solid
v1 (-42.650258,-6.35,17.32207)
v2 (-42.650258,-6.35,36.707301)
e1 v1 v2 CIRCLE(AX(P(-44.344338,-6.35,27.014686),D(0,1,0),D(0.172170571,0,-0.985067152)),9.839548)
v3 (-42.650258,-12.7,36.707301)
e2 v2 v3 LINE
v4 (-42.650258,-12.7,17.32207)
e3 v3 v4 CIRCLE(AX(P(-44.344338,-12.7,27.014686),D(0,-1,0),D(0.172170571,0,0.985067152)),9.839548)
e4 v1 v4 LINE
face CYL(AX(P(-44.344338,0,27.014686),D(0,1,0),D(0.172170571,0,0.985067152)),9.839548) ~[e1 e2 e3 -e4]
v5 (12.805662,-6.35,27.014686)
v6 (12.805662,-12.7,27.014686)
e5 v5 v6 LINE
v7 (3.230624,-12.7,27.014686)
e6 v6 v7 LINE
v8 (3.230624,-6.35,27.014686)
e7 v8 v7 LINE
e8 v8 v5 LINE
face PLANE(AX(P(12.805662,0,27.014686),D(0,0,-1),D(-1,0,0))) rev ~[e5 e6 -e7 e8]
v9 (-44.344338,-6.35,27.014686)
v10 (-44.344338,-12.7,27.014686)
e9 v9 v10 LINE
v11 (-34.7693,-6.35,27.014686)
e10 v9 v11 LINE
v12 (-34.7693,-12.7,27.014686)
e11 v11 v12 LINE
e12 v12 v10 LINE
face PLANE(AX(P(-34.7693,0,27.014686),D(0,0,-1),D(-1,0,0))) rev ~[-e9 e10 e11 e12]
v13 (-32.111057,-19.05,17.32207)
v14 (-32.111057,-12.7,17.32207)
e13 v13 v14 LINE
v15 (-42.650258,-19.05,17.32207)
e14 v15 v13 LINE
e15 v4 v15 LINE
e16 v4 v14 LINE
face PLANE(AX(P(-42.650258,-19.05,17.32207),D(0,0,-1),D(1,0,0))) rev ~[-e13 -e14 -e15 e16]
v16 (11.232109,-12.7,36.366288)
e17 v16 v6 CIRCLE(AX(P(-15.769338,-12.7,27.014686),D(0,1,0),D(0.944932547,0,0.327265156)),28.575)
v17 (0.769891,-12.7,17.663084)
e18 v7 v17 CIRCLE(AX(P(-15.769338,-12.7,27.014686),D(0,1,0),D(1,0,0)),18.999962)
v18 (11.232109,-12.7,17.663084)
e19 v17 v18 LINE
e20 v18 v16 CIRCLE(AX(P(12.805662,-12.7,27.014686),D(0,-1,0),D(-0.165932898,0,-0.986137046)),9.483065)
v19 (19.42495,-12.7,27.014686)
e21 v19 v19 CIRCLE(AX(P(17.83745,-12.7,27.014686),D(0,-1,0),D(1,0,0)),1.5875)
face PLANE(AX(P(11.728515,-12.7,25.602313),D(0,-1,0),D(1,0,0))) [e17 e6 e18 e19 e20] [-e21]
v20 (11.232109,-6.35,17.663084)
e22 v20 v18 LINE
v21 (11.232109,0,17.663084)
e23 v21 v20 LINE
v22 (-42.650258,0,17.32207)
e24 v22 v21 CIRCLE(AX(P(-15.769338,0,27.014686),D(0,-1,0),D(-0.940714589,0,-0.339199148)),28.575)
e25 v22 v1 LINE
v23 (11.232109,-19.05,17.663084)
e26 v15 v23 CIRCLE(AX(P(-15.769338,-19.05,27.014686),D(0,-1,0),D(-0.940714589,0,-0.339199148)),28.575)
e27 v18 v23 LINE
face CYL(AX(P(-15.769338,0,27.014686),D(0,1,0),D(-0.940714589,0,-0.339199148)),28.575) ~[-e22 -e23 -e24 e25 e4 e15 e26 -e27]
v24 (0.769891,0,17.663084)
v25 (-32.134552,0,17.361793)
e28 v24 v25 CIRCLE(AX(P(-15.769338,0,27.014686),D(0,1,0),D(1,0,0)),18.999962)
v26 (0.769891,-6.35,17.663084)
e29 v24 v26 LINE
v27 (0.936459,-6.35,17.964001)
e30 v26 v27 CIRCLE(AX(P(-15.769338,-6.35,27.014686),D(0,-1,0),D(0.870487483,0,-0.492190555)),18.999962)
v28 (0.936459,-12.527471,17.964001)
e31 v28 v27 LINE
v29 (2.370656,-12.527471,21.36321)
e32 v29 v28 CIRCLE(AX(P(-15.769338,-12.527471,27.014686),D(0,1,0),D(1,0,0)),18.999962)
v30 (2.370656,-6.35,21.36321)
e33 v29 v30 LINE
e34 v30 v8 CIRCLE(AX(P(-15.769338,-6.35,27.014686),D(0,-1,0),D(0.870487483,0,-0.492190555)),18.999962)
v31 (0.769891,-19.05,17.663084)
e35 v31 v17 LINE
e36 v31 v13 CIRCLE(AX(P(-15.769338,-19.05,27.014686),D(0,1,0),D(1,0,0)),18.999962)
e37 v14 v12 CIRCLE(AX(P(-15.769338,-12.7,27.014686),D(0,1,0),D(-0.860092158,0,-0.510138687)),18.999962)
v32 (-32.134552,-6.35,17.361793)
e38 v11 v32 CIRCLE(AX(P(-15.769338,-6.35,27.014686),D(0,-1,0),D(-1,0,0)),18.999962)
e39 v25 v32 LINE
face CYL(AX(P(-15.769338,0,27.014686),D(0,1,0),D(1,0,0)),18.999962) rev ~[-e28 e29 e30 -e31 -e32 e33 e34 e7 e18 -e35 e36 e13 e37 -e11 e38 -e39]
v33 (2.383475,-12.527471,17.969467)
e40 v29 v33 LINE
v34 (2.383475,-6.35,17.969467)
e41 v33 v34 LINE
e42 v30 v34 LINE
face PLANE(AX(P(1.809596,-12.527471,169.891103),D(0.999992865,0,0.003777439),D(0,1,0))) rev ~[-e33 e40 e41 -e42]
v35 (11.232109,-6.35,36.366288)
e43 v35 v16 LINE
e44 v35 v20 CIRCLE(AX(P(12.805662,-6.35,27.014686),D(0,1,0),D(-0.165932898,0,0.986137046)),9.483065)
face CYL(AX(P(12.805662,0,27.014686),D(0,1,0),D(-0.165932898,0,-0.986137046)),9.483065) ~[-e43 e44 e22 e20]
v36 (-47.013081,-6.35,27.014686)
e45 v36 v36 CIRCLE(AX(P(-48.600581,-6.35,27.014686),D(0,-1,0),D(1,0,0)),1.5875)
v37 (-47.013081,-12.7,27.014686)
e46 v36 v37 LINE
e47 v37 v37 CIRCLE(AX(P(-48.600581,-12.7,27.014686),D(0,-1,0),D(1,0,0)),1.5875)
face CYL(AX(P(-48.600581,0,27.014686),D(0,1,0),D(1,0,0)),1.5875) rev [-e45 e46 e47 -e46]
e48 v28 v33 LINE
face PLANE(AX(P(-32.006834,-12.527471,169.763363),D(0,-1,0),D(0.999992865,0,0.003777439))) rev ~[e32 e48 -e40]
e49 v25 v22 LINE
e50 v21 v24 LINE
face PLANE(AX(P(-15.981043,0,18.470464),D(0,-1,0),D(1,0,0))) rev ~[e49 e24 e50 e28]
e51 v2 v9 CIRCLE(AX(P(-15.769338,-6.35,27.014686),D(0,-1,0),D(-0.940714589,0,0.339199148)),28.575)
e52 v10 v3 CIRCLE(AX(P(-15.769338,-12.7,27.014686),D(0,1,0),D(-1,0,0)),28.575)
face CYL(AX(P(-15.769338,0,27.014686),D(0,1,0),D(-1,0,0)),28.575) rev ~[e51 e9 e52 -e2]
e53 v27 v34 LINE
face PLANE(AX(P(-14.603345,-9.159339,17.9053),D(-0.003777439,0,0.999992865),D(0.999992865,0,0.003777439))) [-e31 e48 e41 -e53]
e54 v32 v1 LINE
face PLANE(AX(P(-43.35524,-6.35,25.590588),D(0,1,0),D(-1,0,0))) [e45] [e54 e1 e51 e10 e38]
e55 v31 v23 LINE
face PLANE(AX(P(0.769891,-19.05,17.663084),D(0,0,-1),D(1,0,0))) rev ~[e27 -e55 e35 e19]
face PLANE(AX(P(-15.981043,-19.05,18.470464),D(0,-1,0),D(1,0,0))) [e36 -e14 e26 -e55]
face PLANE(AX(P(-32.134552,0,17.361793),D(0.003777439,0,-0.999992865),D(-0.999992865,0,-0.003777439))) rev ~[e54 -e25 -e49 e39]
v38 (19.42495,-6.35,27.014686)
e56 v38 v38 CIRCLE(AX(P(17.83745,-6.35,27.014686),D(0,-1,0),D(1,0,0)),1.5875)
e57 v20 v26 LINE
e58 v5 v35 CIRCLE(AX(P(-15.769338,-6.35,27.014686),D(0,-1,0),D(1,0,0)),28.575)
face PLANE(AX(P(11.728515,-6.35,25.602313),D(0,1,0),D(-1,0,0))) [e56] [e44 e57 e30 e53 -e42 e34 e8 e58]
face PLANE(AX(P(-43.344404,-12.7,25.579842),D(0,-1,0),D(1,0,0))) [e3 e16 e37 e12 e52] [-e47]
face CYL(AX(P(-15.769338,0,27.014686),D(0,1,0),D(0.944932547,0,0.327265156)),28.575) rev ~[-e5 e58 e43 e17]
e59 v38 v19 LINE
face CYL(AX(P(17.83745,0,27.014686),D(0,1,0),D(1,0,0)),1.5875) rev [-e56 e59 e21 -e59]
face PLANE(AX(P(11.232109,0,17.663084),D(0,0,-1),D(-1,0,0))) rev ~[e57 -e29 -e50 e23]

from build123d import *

# Parameters (mm, degrees)
F0_R     = 1.5875
F1_DEPTH = 19.05
F2_R     = 1.5875
F3_DEPTH = 6.35
F4_R     = 1.5875
F5_DEPTH = 6.35
F8_DEPTH = 151.92272


with BuildPart() as f1:
    # F0 (on Front) → F1 (new body)
    with BuildSketch(Plane.XZ):
        with BuildLine():
            ThreePointArc((3.2306237647, 27.0146857947), (-15.7693382353, 8.0147237947), (-34.7693002353, 27.0146857947))
            Line((-34.7693002353, 27.0146857947), (-44.3443382353, 27.0146857947))
            ThreePointArc((-44.3443382353, 27.0146857947), (-43.9176321109, 31.9344598635), (-42.6502576132, 36.7073014581))
            ThreePointArc((-42.6502576132, 36.7073014581), (-54.1838863729, 27.0146857947), (-42.6502576132, 17.3220701313))
            ThreePointArc((-42.6502576132, 17.3220701313), (-15.5884947503, -1.5597419447), (11.2321092838, 17.6630839601))
            ThreePointArc((11.2321092838, 17.6630839601), (22.288726896, 27.0146857947), (11.2321092838, 36.3662876293))
            ThreePointArc((11.2321092838, 36.3662876293), (12.4095278514, 31.7562183603), (12.8056617647, 27.0146857947))
            Line((12.8056617647, 27.0146857947), (3.2306237647, 27.0146857947))
        make_face()
        with Locations((-48.6005805433, 27.0146857947)):
            Circle(F0_R, mode=Mode.SUBTRACT)
        with Locations((17.8374499083, 27.0146857947)):
            Circle(F0_R, mode=Mode.SUBTRACT)
    extrude(amount=F1_DEPTH)

    # F2 (on face) → F3 (cut)
    with BuildSketch(Plane.XZ.offset(19.05)):
        with BuildLine():
            ThreePointArc((-42.6502576132, 36.7073014581), (-54.1838863729, 27.0146857947), (-42.6502576132, 17.3220701313))
            Line((-42.6502576132, 17.3220701313), (-32.1110565538, 17.3220701313))
            ThreePointArc((-32.1110565538, 17.3220701313), (-34.0926919549, 21.989423168), (-34.7693002353, 27.0146857947))
            Line((-34.7693002353, 27.0146857947), (-44.3443382353, 27.0146857947))
            ThreePointArc((-44.3443382353, 27.0146857947), (-43.9176321109, 31.9344598635), (-42.6502576132, 36.7073014581))
        make_face()
        with Locations((-48.6005805433, 27.0146857947)):
            Circle(F2_R, mode=Mode.SUBTRACT)
        with BuildLine():
            Line((0.7698908619, 17.6630839601), (11.2321092838, 17.6630839601))
            ThreePointArc((11.2321092838, 17.6630839601), (22.288726896, 27.0146857947), (11.2321092838, 36.3662876293))
            ThreePointArc((11.2321092838, 36.3662876293), (12.4095278514, 31.7562183603), (12.8056617647, 27.0146857947))
            Line((12.8056617647, 27.0146857947), (3.2306237647, 27.0146857947))
            ThreePointArc((3.2306237647, 27.0146857947), (2.6051451637, 22.1797177676), (0.7698908619, 17.6630839601))
        make_face()
        with Locations((17.8374499083, 27.0146857947)):
            Circle(F2_R, mode=Mode.SUBTRACT)
    extrude(amount=-F3_DEPTH, mode=Mode.SUBTRACT)

    # F4 (on face) → F5 (cut)
    with BuildSketch(Plane(origin=(0, 0, 0), x_dir=(-1, 0, 0), z_dir=(0, 1, 0))):
        with BuildLine():
            ThreePointArc((-11.2321092838, 36.3662876293), (-22.288726896, 27.0146857947), (-11.2321092838, 17.6630839601))
            Line((-11.2321092838, 17.6630839601), (-0.7698908619, 17.6630839601))
            ThreePointArc((-0.7698908619, 17.6630839601), (-2.6051451637, 22.1797177676), (-3.2306237647, 27.0146857947))
            Line((-3.2306237647, 27.0146857947), (-12.8056617647, 27.0146857947))
            ThreePointArc((-12.8056617647, 27.0146857947), (-12.4095278514, 31.7562183603), (-11.2321092838, 36.3662876293))
        make_face()
        with Locations((-17.8374499083, 27.0146857947)):
            Circle(F4_R, mode=Mode.SUBTRACT)
        with BuildLine():
            Line((32.134551767, 17.3617928572), (42.6502576132, 17.3220701313))
            ThreePointArc((42.6502576132, 17.3220701313), (54.1838863729, 27.0146857947), (42.6502576132, 36.7073014581))
            ThreePointArc((42.6502576132, 36.7073014581), (43.9176321109, 31.9344598635), (44.3443382353, 27.0146857947))
            Line((44.3443382353, 27.0146857947), (34.7693002353, 27.0146857947))
            ThreePointArc((34.7693002353, 27.0146857947), (34.0987816423, 22.011680659), (32.134551767, 17.3617928572))
        make_face()
        with Locations((48.6005805433, 27.0146857947)):
            Circle(F4_R, mode=Mode.SUBTRACT)
    extrude(amount=-F5_DEPTH, mode=Mode.SUBTRACT)

    # F7 (on offset) → F8 (cut)
    with BuildSketch(Plane(origin=(-0.6417229615, 0, 169.8818432743), x_dir=(0.9999928655, 0, 0.0037774395), z_dir=(-0.0037774395, 0, 0.9999928655))):
        Polygon((2.4513369426, -5.8165588416), (-31.672719866, -5.8165588416), (-31.3653349876, -12.5274714082), (2.4513369426, -12.5274714082), align=None)
    extrude(amount=-F8_DEPTH, mode=Mode.SUBTRACT)


solid = f1.part
